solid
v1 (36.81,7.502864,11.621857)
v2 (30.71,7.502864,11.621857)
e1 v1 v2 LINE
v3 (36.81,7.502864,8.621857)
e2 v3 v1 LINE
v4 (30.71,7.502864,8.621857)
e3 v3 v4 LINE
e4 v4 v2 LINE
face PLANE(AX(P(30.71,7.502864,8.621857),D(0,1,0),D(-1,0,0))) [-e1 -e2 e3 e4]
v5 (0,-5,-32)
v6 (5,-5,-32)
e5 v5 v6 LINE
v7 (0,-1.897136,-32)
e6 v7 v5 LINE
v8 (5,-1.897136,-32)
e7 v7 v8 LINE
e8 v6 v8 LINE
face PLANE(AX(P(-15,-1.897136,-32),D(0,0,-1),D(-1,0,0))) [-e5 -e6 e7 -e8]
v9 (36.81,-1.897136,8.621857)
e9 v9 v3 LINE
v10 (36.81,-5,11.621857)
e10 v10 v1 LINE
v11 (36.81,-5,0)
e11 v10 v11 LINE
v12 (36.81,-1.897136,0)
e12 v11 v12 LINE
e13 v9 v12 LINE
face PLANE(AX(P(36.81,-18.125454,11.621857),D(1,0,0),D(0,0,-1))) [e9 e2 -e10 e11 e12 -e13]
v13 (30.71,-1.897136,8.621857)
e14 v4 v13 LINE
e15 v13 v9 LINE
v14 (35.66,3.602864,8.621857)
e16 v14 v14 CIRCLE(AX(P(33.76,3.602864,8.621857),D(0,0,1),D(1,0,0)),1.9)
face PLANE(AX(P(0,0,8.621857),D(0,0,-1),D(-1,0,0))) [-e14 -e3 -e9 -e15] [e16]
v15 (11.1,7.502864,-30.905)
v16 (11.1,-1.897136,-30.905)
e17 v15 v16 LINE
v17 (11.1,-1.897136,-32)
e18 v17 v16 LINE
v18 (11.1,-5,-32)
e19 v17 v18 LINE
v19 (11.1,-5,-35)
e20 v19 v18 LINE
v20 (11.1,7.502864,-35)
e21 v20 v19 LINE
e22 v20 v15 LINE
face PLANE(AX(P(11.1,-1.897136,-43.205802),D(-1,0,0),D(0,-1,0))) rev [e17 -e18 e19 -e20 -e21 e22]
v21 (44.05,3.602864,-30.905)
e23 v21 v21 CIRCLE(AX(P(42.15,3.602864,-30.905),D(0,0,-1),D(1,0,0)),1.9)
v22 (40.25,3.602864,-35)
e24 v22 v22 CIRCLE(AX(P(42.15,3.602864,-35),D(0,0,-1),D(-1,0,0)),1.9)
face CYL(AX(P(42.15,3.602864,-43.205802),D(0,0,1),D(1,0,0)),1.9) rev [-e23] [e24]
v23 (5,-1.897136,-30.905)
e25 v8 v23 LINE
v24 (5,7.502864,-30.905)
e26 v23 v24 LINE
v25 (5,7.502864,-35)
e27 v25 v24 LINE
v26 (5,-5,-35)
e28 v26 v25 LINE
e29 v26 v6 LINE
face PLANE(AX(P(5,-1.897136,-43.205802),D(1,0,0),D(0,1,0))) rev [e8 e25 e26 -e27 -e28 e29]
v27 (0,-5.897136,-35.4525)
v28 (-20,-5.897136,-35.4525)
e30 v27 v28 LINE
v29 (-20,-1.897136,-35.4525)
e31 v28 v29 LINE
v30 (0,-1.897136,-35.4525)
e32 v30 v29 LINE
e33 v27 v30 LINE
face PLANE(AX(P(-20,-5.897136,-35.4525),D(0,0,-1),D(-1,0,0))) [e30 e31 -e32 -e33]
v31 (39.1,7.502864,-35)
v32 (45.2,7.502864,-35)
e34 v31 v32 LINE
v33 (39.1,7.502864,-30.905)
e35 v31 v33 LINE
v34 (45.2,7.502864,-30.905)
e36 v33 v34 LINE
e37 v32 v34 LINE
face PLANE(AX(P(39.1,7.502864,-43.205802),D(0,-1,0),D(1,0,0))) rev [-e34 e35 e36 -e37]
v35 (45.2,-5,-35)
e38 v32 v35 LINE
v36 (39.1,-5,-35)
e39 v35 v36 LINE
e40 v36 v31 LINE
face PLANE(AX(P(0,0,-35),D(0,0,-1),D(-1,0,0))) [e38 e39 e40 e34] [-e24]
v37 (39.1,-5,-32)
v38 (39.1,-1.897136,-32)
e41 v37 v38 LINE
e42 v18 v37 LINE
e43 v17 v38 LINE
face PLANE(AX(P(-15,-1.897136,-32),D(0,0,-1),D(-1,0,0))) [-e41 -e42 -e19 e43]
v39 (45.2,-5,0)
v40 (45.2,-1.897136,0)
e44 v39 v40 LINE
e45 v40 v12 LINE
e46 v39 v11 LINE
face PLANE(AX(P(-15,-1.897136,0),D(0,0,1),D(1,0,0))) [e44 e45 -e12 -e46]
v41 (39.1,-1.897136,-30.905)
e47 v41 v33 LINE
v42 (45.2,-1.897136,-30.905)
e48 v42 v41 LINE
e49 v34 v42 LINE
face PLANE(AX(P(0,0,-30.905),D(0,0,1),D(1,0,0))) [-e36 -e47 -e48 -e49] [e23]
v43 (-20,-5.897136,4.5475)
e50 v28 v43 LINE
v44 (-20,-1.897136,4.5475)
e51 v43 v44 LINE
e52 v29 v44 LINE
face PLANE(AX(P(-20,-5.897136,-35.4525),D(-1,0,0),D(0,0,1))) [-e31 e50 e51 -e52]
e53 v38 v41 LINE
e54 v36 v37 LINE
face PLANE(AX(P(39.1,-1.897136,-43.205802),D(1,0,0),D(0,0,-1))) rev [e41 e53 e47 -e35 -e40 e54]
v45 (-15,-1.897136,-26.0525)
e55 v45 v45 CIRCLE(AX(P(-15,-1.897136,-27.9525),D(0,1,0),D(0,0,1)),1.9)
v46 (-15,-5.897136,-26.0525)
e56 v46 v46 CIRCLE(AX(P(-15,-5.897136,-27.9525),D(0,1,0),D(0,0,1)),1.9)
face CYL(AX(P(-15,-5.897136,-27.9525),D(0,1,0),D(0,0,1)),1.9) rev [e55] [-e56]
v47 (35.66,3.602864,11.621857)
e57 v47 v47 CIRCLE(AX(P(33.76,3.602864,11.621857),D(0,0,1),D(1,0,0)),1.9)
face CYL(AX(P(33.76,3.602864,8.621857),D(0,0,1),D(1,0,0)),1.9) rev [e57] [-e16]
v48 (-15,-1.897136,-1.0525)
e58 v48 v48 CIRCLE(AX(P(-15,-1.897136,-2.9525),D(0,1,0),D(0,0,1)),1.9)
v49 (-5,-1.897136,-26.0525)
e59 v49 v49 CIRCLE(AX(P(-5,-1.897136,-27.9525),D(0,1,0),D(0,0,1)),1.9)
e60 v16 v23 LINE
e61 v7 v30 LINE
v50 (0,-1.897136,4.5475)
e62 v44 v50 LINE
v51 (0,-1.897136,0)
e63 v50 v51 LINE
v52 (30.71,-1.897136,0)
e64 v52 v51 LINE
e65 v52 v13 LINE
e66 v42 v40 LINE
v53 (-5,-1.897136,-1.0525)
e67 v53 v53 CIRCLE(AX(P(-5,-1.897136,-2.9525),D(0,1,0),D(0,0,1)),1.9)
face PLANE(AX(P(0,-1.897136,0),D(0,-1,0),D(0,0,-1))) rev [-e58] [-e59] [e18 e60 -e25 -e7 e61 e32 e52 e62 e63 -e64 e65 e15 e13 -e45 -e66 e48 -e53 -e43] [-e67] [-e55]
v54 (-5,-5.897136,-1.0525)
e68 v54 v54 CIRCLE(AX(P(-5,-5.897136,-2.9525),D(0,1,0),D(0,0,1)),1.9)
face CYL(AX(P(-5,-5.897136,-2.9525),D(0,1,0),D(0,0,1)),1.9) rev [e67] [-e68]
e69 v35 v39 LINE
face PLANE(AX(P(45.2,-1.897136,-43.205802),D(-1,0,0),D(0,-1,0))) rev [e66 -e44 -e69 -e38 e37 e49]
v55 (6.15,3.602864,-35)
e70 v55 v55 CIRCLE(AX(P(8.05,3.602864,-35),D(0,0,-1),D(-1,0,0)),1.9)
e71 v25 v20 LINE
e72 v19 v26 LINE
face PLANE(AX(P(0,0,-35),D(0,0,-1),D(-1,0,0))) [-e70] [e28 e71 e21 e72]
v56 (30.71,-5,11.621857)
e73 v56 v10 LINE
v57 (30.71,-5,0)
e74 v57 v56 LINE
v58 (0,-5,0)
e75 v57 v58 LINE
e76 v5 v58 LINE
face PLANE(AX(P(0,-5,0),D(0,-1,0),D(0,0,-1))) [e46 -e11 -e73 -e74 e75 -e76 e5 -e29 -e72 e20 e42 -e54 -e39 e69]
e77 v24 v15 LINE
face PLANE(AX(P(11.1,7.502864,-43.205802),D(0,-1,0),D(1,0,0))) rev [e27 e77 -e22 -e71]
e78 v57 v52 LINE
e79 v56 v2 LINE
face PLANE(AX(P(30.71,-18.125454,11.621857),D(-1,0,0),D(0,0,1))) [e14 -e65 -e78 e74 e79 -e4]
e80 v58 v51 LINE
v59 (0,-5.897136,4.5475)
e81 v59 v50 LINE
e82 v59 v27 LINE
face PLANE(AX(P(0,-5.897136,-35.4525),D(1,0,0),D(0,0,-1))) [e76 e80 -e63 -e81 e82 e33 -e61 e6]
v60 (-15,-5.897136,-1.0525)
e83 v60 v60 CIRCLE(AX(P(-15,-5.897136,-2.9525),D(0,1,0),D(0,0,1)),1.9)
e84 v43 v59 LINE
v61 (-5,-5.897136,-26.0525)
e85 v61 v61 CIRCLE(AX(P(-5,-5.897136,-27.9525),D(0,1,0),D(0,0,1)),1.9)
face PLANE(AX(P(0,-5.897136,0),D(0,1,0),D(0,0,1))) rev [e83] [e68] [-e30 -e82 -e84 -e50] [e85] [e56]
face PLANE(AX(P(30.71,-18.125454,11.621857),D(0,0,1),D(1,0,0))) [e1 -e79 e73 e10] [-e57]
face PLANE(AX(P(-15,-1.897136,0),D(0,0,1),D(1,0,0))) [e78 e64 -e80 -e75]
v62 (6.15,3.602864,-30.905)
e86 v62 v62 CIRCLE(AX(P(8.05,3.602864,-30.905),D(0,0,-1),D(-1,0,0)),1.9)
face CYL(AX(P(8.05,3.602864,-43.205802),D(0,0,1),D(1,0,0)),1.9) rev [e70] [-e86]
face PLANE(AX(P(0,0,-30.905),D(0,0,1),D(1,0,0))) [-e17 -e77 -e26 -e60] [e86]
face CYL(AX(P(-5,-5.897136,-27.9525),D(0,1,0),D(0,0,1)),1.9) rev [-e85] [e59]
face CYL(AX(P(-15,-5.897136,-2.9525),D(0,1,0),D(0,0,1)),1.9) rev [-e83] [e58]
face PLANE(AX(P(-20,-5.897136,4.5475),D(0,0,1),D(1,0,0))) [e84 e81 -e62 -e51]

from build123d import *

# Parameters (mm, degrees)
SKETCH2_W           = 75
SKETCH2_H           = 32
BOSS_EXTRUDE2_DEPTH = 3.102863873
SKETCH4_W           = 6.1
SKETCH4_H           = 9.4
SKETCH4_R           = 1.9
BOSS_EXTRUDE4_DEPTH = 1.095
SKETCH7_W           = 14.8
SKETCH7_H           = 32
TRIM_DEPTH          = 69.646631381
SKETCH8_W           = 6.1
SKETCH8_H           = 11.621856523
BOSS_EXTRUDE6_DEPTH = 3.102863873
SKETCH5_W           = 6.1
SKETCH5_H           = 9.4
SKETCH5_R           = 1.9
BOSS_EXTRUDE5_DEPTH = 3
SKETCH9_R           = 1.9
BOSS_EXTRUDE8_DEPTH = 3
SKETCH10_W          = 20
SKETCH10_H          = 40
BOSS_EXTRUDE9_DEPTH = 4
SKETCH11_R          = 1.9
CUT_EXTRUDE2_DEPTH  = 4


with BuildPart() as part:
    # Sketch2 → Boss-Extrude2 (new body)
    with BuildSketch(Plane(origin=(0, -5, 0), x_dir=(-1, 0, 0), z_dir=(0, -1, 0))):
        with Locations((-22.5, 16)):
            Rectangle(SKETCH2_W, SKETCH2_H)
    extrude(amount=-BOSS_EXTRUDE2_DEPTH)

    # Sketch4 → Boss-Extrude4 (add)
    # profile 1 of 2: a face of its own
    with BuildSketch(Plane(origin=(0, 0, -30.905), x_dir=(-1, 0, 0), z_dir=(0, 0, -1))):
        with Locations((-8.05, 2.802863873)):
            Rectangle(SKETCH4_W, SKETCH4_H)
        with Locations((-8.05, 3.602863873)):
            Circle(SKETCH4_R, mode=Mode.SUBTRACT)
    # profile 2 of 2: a face of its own
    with BuildSketch(Plane(origin=(0, 0, -30.905), x_dir=(-1, 0, 0), z_dir=(0, 0, -1))):
        with Locations((-42.15, 2.802863873)):
            Rectangle(SKETCH4_W, SKETCH4_H)
        with Locations(Location((-42.15, 3.602863873, 0), (0, 0, 180))):
            Circle(SKETCH4_R, mode=Mode.SUBTRACT)
    extrude(amount=BOSS_EXTRUDE4_DEPTH)

    # Sketch7 → trim (cut, through all)
    with BuildSketch(Plane(origin=(0, -1.897136127, 0), x_dir=(1, 0, 0), z_dir=(0, 1, 0))):
        with Locations((52.6, 16)):
            Rectangle(SKETCH7_W, SKETCH7_H)
    extrude(amount=-TRIM_DEPTH, mode=Mode.SUBTRACT)

    # Sketch8 → Boss-Extrude6 (add)
    with BuildSketch(Plane(origin=(0, -1.897136127, 0), x_dir=(1, 0, 0), z_dir=(0, 1, 0))):
        with Locations((33.76, -5.810928261)):
            Rectangle(SKETCH8_W, SKETCH8_H)
    extrude(amount=-BOSS_EXTRUDE6_DEPTH)

    # Sketch5 → Boss-Extrude5 (add)
    with BuildSketch(Plane.XY.offset(11.621856523)):
        with Locations((33.76, 2.802863873)):
            Rectangle(SKETCH5_W, SKETCH5_H)
        with Locations((33.76, 3.602863873)):
            Circle(SKETCH5_R, mode=Mode.SUBTRACT)
    extrude(amount=-BOSS_EXTRUDE5_DEPTH)

    # Sketch9 → Boss-Extrude8 (add)
    # profile 1 of 2: a face of its own
    with BuildSketch(Plane(origin=(0, 0, -32), x_dir=(-1, 0, 0), z_dir=(0, 0, -1))):
        Polygon((-45.2, 7.502863873), (-39.1, 7.502863873), (-39.1, -1.897136127), (-39.1, -5), (-45.2, -5), align=None)
        with Locations(Location((-42.15, 3.602863873, 0), (0, 0, 180))):
            Circle(SKETCH9_R, mode=Mode.SUBTRACT)
    # profile 2 of 2: a face of its own
    with BuildSketch(Plane(origin=(0, 0, -32), x_dir=(-1, 0, 0), z_dir=(0, 0, -1))):
        Polygon((-11.1, -1.897136127), (-11.1, 7.502863873), (-5, 7.502863873), (-5, -1.897136127), (-5, -5), (-11.1, -5), align=None)
        with Locations((-8.05, 3.602863873)):
            Circle(SKETCH9_R, mode=Mode.SUBTRACT)
    extrude(amount=BOSS_EXTRUDE8_DEPTH)

    # Sketch10 → Boss-Extrude9 (add)
    with BuildSketch(Plane(origin=(0, -1.897136127, 0), x_dir=(1, 0, 0), z_dir=(0, 1, 0))):
        with Locations((-10, 15.4525)):
            Rectangle(SKETCH10_W, SKETCH10_H)
    extrude(amount=-BOSS_EXTRUDE9_DEPTH)

    # Sketch11 → Cut-Extrude2 (cut)
    with BuildSketch(Plane(origin=(0, -1.897136127, 0), x_dir=(1, 0, 0), z_dir=(0, 1, 0))):
        with Locations(Location((-15, 27.9525, 0), (0, 0, 270))):
            Circle(SKETCH11_R)
        with Locations(Location((-5, 27.9525, 0), (0, 0, 270))):
            Circle(SKETCH11_R)
        with Locations(Location((-15, 2.9525, 0), (0, 0, 270))):
            Circle(SKETCH11_R)
        with Locations(Location((-5, 2.9525, 0), (0, 0, 270))):
            Circle(SKETCH11_R)
    extrude(amount=-CUT_EXTRUDE2_DEPTH, mode=Mode.SUBTRACT)


solid = part.part
